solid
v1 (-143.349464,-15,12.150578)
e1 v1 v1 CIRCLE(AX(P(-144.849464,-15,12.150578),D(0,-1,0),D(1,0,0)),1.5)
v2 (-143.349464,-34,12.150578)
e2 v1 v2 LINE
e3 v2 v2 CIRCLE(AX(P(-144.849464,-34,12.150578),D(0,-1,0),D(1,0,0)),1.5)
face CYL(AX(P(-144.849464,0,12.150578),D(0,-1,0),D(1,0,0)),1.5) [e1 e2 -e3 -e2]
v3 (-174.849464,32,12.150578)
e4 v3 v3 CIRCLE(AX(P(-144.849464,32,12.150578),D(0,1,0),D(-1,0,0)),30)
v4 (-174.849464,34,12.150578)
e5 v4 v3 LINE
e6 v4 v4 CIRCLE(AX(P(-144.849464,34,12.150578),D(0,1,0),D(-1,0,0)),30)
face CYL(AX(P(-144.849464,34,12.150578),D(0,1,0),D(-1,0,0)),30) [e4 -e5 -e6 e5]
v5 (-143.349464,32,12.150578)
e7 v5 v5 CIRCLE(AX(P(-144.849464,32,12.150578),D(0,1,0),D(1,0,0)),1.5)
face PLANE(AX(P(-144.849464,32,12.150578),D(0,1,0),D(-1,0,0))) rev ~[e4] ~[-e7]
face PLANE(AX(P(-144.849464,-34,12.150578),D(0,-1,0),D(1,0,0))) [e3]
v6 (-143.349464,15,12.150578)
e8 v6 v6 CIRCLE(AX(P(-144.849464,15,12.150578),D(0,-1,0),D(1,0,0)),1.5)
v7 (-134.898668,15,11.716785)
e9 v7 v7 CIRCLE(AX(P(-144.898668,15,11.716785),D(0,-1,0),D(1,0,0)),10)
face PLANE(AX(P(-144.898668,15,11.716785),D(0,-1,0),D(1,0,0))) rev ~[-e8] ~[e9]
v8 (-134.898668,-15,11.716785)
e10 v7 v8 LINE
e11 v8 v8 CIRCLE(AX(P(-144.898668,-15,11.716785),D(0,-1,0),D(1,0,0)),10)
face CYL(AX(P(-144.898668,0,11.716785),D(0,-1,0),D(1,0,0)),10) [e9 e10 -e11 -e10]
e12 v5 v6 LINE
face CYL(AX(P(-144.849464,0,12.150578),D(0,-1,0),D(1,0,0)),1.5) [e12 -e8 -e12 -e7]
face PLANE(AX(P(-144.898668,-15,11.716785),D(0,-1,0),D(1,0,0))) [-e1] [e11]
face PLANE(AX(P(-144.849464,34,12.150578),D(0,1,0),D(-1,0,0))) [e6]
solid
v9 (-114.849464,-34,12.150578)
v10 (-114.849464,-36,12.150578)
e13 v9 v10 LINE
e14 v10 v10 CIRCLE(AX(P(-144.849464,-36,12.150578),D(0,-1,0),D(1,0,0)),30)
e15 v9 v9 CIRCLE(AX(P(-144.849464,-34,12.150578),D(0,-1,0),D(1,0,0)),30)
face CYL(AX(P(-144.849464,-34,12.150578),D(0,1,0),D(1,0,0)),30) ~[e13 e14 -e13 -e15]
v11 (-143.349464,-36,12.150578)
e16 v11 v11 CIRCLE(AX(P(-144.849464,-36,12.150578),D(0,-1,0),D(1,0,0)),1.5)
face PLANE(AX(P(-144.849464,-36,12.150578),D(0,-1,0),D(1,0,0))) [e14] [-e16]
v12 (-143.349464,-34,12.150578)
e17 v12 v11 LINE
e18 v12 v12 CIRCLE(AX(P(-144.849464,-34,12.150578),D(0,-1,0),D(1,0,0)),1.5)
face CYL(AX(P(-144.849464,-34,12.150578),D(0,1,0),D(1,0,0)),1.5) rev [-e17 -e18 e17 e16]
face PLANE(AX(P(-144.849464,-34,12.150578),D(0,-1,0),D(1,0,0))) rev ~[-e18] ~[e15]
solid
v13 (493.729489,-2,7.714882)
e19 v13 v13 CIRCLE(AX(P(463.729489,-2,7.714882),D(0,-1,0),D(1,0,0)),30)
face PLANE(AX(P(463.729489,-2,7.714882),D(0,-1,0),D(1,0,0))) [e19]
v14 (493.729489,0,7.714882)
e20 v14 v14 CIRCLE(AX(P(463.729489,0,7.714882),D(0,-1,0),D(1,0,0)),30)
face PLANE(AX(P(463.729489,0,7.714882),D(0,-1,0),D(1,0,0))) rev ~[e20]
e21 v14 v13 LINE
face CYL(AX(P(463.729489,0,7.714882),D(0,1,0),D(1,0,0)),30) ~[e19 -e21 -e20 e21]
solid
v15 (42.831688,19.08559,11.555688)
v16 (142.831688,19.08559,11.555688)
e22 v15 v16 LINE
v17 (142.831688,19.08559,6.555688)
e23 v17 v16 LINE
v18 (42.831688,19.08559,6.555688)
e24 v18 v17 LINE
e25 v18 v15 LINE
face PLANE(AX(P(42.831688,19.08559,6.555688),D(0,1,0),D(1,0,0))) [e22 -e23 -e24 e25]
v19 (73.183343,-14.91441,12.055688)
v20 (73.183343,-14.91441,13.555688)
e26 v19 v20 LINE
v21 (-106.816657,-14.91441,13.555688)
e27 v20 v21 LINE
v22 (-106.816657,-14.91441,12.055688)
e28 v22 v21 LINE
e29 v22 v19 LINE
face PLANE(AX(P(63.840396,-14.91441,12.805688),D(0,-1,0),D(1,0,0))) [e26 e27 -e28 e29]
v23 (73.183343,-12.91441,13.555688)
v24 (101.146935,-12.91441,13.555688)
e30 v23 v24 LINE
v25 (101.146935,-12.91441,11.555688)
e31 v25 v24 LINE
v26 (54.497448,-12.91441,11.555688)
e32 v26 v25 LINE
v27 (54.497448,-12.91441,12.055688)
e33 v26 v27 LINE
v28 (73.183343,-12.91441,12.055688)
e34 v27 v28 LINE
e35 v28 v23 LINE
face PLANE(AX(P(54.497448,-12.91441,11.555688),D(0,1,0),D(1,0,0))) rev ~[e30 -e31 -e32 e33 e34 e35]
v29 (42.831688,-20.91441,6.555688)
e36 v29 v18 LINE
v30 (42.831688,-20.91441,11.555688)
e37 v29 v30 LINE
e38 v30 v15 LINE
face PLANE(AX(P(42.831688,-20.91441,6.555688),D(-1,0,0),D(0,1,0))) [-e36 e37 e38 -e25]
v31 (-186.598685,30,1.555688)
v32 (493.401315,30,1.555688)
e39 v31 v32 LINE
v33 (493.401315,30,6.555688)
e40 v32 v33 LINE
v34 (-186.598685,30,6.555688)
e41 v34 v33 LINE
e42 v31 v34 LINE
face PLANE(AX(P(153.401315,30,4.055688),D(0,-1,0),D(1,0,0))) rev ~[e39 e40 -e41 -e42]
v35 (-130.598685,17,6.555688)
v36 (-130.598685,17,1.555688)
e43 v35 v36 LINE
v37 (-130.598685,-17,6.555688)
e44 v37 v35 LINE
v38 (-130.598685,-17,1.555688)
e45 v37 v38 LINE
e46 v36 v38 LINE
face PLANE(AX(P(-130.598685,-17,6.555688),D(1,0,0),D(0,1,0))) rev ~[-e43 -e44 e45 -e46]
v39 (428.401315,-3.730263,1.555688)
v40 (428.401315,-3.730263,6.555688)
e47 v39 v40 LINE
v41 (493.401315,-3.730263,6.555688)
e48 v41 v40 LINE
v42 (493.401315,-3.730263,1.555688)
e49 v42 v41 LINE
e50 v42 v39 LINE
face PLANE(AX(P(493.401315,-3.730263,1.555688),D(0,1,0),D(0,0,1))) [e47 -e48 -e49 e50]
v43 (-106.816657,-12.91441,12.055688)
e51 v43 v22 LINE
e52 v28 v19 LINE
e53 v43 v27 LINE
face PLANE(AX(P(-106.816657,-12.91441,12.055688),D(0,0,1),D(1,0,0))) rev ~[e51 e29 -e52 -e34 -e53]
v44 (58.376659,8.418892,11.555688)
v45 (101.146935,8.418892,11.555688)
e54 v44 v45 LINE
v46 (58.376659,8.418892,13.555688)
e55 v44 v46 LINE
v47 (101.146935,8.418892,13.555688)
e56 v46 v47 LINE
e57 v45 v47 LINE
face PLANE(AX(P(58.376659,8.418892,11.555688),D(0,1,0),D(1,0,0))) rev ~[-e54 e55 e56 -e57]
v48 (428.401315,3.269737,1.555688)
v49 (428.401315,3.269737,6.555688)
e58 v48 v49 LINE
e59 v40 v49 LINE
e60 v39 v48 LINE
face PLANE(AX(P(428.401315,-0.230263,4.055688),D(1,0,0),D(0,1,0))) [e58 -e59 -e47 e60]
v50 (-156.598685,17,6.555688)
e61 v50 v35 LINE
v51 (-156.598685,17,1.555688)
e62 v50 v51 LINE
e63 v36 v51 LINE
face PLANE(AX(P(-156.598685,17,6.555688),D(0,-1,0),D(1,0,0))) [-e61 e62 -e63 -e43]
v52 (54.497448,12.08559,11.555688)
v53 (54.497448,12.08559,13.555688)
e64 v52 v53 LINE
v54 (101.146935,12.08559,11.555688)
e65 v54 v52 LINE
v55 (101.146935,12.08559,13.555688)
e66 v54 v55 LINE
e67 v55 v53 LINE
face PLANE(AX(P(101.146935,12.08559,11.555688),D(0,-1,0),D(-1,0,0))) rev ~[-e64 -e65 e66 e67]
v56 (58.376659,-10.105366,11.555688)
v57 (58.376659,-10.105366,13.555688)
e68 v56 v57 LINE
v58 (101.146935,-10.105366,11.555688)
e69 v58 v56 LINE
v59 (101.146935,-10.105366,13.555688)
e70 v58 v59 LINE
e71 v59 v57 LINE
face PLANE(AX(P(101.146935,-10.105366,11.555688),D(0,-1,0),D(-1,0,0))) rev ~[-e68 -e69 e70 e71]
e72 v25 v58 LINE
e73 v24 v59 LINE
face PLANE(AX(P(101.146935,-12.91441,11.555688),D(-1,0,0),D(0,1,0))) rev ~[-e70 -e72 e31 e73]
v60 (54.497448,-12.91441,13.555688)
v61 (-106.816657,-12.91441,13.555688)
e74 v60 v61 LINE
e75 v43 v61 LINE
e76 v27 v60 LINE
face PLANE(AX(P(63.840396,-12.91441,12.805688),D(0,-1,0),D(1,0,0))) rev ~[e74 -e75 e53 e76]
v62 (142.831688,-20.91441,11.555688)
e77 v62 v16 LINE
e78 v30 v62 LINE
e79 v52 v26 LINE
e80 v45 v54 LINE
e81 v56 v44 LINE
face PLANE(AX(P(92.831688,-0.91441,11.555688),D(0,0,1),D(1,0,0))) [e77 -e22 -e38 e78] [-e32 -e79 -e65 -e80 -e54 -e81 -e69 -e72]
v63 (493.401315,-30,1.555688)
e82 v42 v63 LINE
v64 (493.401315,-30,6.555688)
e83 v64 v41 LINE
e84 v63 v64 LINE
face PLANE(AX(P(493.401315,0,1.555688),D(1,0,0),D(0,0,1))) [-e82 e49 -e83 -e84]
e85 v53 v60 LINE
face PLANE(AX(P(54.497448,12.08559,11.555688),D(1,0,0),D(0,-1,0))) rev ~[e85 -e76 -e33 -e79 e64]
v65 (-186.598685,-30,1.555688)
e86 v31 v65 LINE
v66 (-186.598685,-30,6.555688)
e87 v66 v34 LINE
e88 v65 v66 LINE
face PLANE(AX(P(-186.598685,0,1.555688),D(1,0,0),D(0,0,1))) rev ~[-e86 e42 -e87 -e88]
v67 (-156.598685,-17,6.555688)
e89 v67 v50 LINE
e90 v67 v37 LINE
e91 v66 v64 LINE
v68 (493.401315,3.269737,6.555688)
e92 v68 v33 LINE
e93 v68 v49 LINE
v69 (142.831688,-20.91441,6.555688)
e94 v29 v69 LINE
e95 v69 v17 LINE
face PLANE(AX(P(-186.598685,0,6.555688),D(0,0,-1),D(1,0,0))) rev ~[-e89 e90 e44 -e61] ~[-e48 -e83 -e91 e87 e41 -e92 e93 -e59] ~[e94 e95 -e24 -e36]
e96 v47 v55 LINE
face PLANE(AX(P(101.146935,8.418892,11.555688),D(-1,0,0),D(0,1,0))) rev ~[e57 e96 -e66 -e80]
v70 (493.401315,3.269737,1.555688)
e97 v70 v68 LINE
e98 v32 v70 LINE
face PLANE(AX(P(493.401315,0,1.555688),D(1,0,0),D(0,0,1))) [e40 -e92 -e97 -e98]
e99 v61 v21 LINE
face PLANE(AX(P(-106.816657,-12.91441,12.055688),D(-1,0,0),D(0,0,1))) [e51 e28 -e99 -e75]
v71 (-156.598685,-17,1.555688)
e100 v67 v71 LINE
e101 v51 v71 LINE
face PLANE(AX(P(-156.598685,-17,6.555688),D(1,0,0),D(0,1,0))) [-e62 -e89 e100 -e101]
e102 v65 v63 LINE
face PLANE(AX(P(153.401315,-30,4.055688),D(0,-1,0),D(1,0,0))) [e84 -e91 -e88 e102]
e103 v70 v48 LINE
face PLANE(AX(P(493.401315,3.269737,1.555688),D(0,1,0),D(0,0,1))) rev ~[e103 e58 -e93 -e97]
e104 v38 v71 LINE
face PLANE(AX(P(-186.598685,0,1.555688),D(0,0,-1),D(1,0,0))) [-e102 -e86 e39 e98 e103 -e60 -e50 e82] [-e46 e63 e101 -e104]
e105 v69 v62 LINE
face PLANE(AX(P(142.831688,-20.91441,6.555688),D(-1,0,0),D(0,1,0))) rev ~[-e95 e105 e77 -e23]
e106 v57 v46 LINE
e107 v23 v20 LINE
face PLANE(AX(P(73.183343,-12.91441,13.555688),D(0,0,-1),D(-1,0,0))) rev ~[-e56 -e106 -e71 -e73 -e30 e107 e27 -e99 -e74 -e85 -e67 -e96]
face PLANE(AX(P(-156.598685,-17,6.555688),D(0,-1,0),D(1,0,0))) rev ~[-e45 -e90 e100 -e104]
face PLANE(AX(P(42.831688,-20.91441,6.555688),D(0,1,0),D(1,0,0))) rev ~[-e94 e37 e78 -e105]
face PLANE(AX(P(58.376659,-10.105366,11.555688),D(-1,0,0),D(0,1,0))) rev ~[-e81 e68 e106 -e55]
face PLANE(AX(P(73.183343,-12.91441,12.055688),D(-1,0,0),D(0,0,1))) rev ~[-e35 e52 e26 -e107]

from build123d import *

# Parameters (mm, degrees)
F0_W      = 680
F0_H      = 5
F1_DEPTH  = 30
F2_W      = 7
F2_H      = 5
F3_DEPTH  = 65
F4_W      = 26
F4_H      = 34
F5_DEPTH  = 25
F6_R      = 10
F7_DEPTH  = 15
F8_R      = 1.5
F9_DEPTH  = 34
F11_R     = 30
F11_R_2   = 1.5
F10_R     = 30
F10_R_2   = 1.5
F12_DEPTH = 2
F13_W     = 100
F13_H     = 40
F14_DEPTH = 5
F16_DEPTH = 2
F17_W     = 18.6858947465
F17_H     = 1.5
F17_W_2   = 161.3141052535
F18_DEPTH = 2
F19_R     = 30
F20_DEPTH = 2


with BuildPart() as f1:
    # F0 (on Front) → F1 (new body, symmetric)
    with BuildSketch(Plane.XZ):
        with Locations((153.4013146162, 4.0556881274)):
            Rectangle(F0_W, F0_H)
    extrude(amount=F1_DEPTH, both=True)

    # F2 (on face) → F3 (cut)
    with BuildSketch(Plane.YZ.offset(493.4013146162)):
        with Locations((-0.2302633282, 4.0556881274)):
            Rectangle(F2_W, F2_H)
    extrude(amount=-F3_DEPTH, mode=Mode.SUBTRACT)

    # F4 (on face) → F5 (cut)
    with BuildSketch(Plane.XY.offset(6.5556881274)):
        with Locations((-143.5986853838, 0)):
            Rectangle(F4_W, F4_H)
    extrude(amount=-F5_DEPTH, mode=Mode.SUBTRACT)

    # F13 (on face) → F14 (join)
    with BuildSketch(Plane.XY.offset(6.5556881274)):
        with Locations((92.8316880018, -0.9144100054)):
            Rectangle(F13_W, F13_H)
    extrude(amount=F14_DEPTH)

    # F15 (on face) → F16 (join)
    with BuildSketch(Plane.XY.offset(11.5556881274)):
        Polygon((101.1469349155, 12.0855899946), (54.497448366, 12.0855899946), (54.497448366, -12.9144100054), (101.1469349155, -12.9144100054), (101.1469349155, -10.1053658873), (58.3766587079, -10.1053658873), (58.3766587079, 8.4188915789), (101.1469349155, 8.4188915789), align=None)
    extrude(amount=F16_DEPTH)

    # F17 (on face) → F18 (join)
    with BuildSketch(Plane.XZ.offset(12.9144100054)):
        with Locations((63.8403957392, 12.8056881274)):
            Rectangle(F17_W, F17_H)
        with Locations((-26.1596042608, 12.8056881274)):
            Rectangle(F17_W_2, F17_H)
    extrude(amount=F18_DEPTH)


with BuildPart() as f7:
    # F6 (on Front) → F7 (new body, symmetric)
    with BuildSketch(Plane.XZ):
        with Locations((-144.8986679316, 11.7167849094)):
            Circle(F6_R)
    extrude(amount=F7_DEPTH, both=True)

    # F8 (on Front) → F9 (join, symmetric)
    with BuildSketch(Plane.XZ):
        with Locations((-144.8494642973, 12.1505782008)):
            Circle(F8_R)
    extrude(amount=F9_DEPTH, both=True)

    # F11 (on face) + F10 (on face) → F12 (join)
    with BuildSketch(Plane(origin=(0, 34, 0), x_dir=(-1, 0, 0), z_dir=(0, 1, 0))):
        with Locations((144.8494642973, 12.1505782008)):
            Circle(F11_R)
        with Locations((144.8494642973, 12.1505782008)):
            Circle(F11_R_2, mode=Mode.SUBTRACT)
    with BuildSketch(Plane.XZ.offset(34)):
        with Locations((-144.8494642973, 12.1505782008)):
            Circle(F10_R)
        with Locations((-144.8494642973, 12.1505782008)):
            Circle(F10_R_2, mode=Mode.SUBTRACT)
    extrude(amount=-F12_DEPTH, dir=(0, 1, 0))


with BuildPart() as f20:
    # F19 (on Front) → F20 (new body)
    with BuildSketch(Plane.XZ):
        with Locations((463.7294891083, 7.7148822207)):
            Circle(F19_R)
    extrude(amount=F20_DEPTH)


solid = Compound([f1.part, f7.part, f20.part])
